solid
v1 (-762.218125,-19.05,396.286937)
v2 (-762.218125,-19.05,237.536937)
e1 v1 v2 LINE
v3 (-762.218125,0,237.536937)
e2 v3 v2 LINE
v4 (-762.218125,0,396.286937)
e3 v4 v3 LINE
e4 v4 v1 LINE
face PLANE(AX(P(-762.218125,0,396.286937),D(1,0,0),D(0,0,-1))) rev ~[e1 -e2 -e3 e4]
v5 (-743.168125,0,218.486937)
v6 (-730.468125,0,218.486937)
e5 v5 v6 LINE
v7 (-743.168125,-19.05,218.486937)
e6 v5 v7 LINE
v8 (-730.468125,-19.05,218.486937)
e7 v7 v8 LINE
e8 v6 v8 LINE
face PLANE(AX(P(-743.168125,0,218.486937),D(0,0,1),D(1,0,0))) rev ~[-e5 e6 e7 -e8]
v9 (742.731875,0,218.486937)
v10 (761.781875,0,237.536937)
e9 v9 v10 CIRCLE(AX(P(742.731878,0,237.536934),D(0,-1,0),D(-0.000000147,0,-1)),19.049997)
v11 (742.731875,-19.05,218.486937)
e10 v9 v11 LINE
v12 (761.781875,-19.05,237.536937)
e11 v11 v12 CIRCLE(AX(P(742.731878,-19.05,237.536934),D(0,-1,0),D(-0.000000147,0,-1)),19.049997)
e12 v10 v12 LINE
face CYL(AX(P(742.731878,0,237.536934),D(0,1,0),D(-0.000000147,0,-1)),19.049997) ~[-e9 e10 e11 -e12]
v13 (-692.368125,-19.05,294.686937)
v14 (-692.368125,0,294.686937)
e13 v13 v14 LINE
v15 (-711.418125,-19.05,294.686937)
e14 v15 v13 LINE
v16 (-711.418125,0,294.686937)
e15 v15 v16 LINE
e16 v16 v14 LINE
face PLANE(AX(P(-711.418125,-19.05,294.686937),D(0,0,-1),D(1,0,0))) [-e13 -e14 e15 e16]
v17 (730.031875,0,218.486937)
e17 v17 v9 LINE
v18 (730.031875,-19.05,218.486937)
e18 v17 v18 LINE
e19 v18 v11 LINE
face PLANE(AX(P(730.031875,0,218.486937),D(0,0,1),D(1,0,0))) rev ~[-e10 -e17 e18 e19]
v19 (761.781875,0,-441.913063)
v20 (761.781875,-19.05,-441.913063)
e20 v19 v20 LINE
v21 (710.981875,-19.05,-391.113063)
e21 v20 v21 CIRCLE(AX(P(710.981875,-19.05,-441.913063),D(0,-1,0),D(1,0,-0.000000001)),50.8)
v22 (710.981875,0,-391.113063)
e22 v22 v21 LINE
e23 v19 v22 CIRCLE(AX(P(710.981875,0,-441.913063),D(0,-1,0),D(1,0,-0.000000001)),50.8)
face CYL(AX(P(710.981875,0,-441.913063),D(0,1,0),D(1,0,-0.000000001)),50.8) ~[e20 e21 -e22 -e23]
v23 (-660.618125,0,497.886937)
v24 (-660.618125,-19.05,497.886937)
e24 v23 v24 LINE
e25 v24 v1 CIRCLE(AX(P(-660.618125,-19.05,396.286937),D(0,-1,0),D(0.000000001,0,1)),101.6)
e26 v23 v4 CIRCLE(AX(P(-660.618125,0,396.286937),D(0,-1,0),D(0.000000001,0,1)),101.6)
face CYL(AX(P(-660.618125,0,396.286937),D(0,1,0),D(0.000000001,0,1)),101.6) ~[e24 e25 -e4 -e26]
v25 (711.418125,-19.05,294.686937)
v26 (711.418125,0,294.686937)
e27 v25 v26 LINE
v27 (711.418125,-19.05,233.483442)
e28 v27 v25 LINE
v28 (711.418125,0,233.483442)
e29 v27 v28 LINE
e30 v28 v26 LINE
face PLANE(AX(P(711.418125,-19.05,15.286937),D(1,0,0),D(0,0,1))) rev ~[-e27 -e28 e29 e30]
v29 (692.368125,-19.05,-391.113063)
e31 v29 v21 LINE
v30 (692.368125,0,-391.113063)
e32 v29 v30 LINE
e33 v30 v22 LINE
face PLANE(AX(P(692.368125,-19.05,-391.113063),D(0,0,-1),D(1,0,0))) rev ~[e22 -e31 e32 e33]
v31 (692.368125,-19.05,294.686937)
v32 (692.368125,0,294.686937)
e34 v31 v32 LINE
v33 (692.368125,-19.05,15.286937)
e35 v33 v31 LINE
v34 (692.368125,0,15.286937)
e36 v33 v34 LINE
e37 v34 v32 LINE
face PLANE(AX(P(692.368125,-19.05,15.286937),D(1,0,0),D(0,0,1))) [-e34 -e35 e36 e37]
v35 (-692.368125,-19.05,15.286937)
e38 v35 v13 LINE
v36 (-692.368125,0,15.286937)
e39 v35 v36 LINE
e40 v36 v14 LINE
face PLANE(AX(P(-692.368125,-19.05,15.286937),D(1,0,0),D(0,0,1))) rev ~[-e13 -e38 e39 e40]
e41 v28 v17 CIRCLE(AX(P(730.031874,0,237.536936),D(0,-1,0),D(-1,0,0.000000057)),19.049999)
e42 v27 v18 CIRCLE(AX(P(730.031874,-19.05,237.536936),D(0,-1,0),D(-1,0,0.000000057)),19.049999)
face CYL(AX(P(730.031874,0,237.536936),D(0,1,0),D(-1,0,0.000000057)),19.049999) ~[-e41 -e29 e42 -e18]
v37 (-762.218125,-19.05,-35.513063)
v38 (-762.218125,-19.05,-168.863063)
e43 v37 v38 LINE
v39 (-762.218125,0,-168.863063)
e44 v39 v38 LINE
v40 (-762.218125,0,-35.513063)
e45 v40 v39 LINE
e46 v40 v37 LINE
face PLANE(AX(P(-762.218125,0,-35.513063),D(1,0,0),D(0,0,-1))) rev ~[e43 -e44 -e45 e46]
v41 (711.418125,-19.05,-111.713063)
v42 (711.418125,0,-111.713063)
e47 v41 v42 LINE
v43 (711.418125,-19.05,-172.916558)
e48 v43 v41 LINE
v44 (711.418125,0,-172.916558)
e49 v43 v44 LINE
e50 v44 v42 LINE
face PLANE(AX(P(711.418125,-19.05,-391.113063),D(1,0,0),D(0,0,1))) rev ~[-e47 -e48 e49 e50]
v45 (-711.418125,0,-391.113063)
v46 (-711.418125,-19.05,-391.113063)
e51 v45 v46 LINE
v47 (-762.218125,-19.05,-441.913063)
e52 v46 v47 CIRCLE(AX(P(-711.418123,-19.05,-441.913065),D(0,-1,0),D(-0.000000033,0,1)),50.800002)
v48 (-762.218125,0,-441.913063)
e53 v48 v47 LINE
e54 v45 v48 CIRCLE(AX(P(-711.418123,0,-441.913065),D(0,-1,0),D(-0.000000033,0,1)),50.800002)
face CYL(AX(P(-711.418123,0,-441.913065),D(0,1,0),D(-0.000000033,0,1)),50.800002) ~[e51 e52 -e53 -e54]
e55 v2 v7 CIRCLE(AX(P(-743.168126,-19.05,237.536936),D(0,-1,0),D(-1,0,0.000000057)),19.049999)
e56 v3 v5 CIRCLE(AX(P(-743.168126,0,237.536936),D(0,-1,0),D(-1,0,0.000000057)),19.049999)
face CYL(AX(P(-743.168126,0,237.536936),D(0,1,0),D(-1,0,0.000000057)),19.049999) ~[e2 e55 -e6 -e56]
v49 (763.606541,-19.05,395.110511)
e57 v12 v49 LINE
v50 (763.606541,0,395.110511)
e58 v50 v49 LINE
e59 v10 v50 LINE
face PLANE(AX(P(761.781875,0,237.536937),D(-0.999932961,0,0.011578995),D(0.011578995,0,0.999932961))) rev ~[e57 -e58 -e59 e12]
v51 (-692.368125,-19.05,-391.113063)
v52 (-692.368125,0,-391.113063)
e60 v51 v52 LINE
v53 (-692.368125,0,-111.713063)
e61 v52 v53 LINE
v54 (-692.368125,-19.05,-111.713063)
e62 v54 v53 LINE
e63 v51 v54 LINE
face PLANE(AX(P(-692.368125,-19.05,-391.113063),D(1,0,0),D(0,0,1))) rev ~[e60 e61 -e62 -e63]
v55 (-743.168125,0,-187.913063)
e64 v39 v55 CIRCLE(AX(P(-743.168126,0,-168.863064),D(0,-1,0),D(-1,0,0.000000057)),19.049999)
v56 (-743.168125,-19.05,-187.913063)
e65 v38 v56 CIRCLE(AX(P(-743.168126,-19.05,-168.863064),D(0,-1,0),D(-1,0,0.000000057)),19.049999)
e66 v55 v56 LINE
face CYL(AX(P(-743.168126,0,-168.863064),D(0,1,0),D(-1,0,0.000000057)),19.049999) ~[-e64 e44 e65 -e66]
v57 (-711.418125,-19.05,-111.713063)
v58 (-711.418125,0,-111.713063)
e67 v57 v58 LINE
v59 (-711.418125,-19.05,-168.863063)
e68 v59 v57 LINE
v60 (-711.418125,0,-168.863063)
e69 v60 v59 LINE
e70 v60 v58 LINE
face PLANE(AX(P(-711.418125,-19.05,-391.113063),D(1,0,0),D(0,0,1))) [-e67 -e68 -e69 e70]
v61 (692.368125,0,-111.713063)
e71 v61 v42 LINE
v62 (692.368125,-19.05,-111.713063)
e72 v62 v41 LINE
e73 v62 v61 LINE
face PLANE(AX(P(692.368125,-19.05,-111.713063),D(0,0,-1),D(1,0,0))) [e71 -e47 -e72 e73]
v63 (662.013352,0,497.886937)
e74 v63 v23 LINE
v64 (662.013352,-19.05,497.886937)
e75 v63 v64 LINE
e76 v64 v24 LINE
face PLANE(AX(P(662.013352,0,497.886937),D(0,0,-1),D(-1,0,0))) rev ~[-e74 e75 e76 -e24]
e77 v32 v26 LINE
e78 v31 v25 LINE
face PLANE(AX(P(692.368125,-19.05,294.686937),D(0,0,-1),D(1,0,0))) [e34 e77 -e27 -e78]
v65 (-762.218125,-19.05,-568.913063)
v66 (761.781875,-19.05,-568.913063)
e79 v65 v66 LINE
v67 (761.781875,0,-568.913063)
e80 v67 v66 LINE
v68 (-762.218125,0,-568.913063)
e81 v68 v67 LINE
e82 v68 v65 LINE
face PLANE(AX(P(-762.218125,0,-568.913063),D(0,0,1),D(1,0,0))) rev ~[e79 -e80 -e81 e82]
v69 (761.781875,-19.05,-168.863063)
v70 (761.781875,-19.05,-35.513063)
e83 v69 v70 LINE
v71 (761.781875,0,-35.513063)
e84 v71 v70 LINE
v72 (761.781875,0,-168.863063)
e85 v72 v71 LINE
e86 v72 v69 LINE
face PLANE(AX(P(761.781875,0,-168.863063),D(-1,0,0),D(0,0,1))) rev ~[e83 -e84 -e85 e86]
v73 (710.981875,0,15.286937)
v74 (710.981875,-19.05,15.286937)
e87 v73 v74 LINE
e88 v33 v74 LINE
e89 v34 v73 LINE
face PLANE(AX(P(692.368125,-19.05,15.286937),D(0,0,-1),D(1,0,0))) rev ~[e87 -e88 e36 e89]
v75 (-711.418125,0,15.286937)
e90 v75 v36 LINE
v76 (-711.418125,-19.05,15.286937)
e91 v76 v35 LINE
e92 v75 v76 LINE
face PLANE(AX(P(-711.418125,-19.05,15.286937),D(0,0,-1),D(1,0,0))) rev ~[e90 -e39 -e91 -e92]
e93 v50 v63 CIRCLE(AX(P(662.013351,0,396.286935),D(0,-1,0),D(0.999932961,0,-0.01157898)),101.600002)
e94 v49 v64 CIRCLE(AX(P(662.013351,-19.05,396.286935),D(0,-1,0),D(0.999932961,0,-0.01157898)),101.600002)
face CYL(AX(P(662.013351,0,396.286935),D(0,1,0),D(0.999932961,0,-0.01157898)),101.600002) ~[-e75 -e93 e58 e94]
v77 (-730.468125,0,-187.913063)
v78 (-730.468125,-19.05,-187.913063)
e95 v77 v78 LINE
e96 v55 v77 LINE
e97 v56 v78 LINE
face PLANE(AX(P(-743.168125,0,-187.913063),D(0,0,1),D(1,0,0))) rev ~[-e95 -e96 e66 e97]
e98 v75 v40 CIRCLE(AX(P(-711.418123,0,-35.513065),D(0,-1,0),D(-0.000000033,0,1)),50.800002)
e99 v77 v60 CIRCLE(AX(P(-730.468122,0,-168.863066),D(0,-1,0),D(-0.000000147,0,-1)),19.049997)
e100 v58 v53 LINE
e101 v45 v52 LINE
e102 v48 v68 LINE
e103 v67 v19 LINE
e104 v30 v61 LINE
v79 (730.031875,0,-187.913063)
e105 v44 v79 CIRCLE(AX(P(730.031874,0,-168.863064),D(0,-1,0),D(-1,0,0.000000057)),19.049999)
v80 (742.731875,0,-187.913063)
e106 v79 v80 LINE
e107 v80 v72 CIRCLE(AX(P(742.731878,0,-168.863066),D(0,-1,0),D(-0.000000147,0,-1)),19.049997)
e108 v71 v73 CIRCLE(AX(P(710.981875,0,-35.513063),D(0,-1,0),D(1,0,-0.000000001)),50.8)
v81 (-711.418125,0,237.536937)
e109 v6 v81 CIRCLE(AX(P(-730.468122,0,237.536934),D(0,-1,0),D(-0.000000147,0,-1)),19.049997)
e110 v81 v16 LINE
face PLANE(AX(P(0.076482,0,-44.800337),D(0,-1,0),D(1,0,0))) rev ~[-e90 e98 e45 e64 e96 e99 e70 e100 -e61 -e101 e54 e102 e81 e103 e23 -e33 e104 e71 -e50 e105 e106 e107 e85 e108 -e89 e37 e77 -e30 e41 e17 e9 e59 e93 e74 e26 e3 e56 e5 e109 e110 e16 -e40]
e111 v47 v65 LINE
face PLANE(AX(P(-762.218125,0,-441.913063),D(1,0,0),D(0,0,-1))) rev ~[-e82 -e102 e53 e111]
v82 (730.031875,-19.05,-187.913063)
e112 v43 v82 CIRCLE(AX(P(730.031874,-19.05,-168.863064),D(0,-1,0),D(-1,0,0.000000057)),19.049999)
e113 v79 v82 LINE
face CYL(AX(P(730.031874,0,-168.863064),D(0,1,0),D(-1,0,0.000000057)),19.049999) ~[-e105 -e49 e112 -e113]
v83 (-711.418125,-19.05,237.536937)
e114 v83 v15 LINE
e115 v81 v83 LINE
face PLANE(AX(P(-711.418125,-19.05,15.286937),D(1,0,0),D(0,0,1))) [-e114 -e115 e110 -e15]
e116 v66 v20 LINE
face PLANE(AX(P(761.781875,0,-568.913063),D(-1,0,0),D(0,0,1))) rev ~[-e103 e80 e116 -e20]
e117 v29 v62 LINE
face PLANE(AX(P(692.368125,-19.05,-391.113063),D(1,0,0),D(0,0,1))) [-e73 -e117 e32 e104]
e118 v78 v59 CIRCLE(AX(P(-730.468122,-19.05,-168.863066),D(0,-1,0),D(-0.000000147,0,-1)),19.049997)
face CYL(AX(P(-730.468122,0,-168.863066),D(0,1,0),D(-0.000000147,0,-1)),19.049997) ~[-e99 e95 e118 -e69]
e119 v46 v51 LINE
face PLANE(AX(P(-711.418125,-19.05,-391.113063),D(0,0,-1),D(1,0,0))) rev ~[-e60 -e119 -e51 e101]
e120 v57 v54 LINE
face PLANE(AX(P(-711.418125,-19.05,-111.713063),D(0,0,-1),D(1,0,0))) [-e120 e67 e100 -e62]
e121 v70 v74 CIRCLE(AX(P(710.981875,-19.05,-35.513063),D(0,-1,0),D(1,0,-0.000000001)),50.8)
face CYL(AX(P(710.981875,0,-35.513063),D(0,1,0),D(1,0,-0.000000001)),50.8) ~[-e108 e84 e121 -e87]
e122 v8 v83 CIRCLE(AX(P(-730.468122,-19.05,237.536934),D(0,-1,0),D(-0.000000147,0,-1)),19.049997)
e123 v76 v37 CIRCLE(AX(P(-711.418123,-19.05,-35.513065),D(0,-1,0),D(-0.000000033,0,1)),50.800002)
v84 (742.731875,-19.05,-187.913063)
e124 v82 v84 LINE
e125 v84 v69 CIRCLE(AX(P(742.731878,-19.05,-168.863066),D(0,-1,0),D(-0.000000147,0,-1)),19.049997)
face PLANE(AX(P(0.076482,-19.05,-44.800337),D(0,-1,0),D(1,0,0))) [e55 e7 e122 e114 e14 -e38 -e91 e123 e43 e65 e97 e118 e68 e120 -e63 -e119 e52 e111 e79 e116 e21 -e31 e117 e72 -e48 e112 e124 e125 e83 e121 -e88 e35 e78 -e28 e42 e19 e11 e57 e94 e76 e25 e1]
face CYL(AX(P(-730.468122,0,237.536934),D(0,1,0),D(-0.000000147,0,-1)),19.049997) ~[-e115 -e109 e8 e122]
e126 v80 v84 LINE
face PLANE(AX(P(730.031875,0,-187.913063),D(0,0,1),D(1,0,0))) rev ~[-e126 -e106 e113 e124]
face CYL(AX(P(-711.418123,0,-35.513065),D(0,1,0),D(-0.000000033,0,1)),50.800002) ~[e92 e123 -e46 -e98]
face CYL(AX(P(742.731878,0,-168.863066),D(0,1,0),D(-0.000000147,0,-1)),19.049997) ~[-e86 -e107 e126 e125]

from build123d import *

# Parameters (mm, degrees)
F1_DEPTH = 19.05
F2_W     = 19.05
F2_H     = 279.4
F3_DEPTH = 19.051


with BuildPart() as f1:
    # F0 (on Front) → F1 (new body)
    with BuildSketch(Plane.XZ):
        with BuildLine():
            Line((-743.168125, 218.486937), (-730.468125, 218.486937))
            ThreePointArc((-730.468125, 218.486937), (-716.99774, 224.066552), (-711.418125, 237.536937))
            Line((-711.418125, 237.536937), (-711.418125, 15.286937))
            ThreePointArc((-711.418125, 15.286937), (-747.339149, 0.407961), (-762.218125, -35.513063))
            Line((-762.218125, -35.513063), (-762.218125, -168.863063))
            ThreePointArc((-762.218125, -168.863063), (-756.638509, -182.333448), (-743.168125, -187.913063))
            Line((-743.168125, -187.913063), (-730.468125, -187.913063))
            ThreePointArc((-730.468125, -187.913063), (-716.99774, -182.333448), (-711.418125, -168.863063))
            Line((-711.418125, -168.863063), (-711.418125, -391.113063))
            ThreePointArc((-711.418125, -391.113063), (-747.339149, -405.992039), (-762.218125, -441.913063))
            Line((-762.218125, -441.913063), (-762.218125, -568.913063))
            Line((-762.218125, -568.913063), (-711.418125, -568.913063))
            Line((-711.418125, -568.913063), (-692.368125, -568.913063))
            Line((-692.368125, -568.913063), (691.931875, -568.913063))
            Line((691.931875, -568.913063), (710.981875, -568.913063))
            Line((710.981875, -568.913063), (761.781875, -568.913063))
            Line((761.781875, -568.913063), (761.781875, -441.913063))
            ThreePointArc((761.781875, -441.913063), (746.9029, -405.992039), (710.981875, -391.113063))
            Line((710.981875, -391.113063), (710.981875, -168.863063))
            ThreePointArc((710.981875, -168.863063), (716.561491, -182.333448), (730.031875, -187.913063))
            Line((730.031875, -187.913063), (742.731875, -187.913063))
            ThreePointArc((742.731875, -187.913063), (756.20226, -182.333448), (761.781875, -168.863063))
            Line((761.781875, -168.863063), (761.781875, -35.513063))
            ThreePointArc((761.781875, -35.513063), (746.9029, 0.407961), (710.981875, 15.286937))
            Line((710.981875, 15.286937), (710.981875, 237.536937))
            ThreePointArc((710.981875, 237.536937), (716.561491, 224.066552), (730.031875, 218.486937))
            Line((730.031875, 218.486937), (742.731875, 218.486937))
            ThreePointArc((742.731875, 218.486937), (756.20226, 224.066552), (761.781875, 237.536937))
            Line((761.781875, 237.536937), (763.606541, 395.110511))
            ThreePointArc((763.606541, 395.110511), (734.270133, 467.711845), (662.013352, 497.886937))
            Line((662.013352, 497.886937), (-660.618125, 497.886937))
            ThreePointArc((-660.618125, 497.886937), (-732.460174, 468.128986), (-762.218125, 396.286937))
            Line((-762.218125, 396.286937), (-762.218125, 237.536937))
            ThreePointArc((-762.218125, 237.536937), (-756.638509, 224.066552), (-743.168125, 218.486937))
        make_face()
    extrude(amount=F1_DEPTH)

    # F2 (on face) → F3 (cut, through all)
    with BuildSketch(Plane.XZ.offset(19.05)):
        with Locations((-701.893125, 154.986937)):
            Rectangle(F2_W, F2_H)
        with Locations((-701.893125, -251.413063)):
            Rectangle(F2_W, F2_H)
        with Locations((701.893125, 154.986937)):
            Rectangle(F2_W, F2_H)
        with Locations((701.893125, -251.413063)):
            Rectangle(F2_W, F2_H)
    extrude(amount=-F3_DEPTH, mode=Mode.SUBTRACT)


solid = f1.part
